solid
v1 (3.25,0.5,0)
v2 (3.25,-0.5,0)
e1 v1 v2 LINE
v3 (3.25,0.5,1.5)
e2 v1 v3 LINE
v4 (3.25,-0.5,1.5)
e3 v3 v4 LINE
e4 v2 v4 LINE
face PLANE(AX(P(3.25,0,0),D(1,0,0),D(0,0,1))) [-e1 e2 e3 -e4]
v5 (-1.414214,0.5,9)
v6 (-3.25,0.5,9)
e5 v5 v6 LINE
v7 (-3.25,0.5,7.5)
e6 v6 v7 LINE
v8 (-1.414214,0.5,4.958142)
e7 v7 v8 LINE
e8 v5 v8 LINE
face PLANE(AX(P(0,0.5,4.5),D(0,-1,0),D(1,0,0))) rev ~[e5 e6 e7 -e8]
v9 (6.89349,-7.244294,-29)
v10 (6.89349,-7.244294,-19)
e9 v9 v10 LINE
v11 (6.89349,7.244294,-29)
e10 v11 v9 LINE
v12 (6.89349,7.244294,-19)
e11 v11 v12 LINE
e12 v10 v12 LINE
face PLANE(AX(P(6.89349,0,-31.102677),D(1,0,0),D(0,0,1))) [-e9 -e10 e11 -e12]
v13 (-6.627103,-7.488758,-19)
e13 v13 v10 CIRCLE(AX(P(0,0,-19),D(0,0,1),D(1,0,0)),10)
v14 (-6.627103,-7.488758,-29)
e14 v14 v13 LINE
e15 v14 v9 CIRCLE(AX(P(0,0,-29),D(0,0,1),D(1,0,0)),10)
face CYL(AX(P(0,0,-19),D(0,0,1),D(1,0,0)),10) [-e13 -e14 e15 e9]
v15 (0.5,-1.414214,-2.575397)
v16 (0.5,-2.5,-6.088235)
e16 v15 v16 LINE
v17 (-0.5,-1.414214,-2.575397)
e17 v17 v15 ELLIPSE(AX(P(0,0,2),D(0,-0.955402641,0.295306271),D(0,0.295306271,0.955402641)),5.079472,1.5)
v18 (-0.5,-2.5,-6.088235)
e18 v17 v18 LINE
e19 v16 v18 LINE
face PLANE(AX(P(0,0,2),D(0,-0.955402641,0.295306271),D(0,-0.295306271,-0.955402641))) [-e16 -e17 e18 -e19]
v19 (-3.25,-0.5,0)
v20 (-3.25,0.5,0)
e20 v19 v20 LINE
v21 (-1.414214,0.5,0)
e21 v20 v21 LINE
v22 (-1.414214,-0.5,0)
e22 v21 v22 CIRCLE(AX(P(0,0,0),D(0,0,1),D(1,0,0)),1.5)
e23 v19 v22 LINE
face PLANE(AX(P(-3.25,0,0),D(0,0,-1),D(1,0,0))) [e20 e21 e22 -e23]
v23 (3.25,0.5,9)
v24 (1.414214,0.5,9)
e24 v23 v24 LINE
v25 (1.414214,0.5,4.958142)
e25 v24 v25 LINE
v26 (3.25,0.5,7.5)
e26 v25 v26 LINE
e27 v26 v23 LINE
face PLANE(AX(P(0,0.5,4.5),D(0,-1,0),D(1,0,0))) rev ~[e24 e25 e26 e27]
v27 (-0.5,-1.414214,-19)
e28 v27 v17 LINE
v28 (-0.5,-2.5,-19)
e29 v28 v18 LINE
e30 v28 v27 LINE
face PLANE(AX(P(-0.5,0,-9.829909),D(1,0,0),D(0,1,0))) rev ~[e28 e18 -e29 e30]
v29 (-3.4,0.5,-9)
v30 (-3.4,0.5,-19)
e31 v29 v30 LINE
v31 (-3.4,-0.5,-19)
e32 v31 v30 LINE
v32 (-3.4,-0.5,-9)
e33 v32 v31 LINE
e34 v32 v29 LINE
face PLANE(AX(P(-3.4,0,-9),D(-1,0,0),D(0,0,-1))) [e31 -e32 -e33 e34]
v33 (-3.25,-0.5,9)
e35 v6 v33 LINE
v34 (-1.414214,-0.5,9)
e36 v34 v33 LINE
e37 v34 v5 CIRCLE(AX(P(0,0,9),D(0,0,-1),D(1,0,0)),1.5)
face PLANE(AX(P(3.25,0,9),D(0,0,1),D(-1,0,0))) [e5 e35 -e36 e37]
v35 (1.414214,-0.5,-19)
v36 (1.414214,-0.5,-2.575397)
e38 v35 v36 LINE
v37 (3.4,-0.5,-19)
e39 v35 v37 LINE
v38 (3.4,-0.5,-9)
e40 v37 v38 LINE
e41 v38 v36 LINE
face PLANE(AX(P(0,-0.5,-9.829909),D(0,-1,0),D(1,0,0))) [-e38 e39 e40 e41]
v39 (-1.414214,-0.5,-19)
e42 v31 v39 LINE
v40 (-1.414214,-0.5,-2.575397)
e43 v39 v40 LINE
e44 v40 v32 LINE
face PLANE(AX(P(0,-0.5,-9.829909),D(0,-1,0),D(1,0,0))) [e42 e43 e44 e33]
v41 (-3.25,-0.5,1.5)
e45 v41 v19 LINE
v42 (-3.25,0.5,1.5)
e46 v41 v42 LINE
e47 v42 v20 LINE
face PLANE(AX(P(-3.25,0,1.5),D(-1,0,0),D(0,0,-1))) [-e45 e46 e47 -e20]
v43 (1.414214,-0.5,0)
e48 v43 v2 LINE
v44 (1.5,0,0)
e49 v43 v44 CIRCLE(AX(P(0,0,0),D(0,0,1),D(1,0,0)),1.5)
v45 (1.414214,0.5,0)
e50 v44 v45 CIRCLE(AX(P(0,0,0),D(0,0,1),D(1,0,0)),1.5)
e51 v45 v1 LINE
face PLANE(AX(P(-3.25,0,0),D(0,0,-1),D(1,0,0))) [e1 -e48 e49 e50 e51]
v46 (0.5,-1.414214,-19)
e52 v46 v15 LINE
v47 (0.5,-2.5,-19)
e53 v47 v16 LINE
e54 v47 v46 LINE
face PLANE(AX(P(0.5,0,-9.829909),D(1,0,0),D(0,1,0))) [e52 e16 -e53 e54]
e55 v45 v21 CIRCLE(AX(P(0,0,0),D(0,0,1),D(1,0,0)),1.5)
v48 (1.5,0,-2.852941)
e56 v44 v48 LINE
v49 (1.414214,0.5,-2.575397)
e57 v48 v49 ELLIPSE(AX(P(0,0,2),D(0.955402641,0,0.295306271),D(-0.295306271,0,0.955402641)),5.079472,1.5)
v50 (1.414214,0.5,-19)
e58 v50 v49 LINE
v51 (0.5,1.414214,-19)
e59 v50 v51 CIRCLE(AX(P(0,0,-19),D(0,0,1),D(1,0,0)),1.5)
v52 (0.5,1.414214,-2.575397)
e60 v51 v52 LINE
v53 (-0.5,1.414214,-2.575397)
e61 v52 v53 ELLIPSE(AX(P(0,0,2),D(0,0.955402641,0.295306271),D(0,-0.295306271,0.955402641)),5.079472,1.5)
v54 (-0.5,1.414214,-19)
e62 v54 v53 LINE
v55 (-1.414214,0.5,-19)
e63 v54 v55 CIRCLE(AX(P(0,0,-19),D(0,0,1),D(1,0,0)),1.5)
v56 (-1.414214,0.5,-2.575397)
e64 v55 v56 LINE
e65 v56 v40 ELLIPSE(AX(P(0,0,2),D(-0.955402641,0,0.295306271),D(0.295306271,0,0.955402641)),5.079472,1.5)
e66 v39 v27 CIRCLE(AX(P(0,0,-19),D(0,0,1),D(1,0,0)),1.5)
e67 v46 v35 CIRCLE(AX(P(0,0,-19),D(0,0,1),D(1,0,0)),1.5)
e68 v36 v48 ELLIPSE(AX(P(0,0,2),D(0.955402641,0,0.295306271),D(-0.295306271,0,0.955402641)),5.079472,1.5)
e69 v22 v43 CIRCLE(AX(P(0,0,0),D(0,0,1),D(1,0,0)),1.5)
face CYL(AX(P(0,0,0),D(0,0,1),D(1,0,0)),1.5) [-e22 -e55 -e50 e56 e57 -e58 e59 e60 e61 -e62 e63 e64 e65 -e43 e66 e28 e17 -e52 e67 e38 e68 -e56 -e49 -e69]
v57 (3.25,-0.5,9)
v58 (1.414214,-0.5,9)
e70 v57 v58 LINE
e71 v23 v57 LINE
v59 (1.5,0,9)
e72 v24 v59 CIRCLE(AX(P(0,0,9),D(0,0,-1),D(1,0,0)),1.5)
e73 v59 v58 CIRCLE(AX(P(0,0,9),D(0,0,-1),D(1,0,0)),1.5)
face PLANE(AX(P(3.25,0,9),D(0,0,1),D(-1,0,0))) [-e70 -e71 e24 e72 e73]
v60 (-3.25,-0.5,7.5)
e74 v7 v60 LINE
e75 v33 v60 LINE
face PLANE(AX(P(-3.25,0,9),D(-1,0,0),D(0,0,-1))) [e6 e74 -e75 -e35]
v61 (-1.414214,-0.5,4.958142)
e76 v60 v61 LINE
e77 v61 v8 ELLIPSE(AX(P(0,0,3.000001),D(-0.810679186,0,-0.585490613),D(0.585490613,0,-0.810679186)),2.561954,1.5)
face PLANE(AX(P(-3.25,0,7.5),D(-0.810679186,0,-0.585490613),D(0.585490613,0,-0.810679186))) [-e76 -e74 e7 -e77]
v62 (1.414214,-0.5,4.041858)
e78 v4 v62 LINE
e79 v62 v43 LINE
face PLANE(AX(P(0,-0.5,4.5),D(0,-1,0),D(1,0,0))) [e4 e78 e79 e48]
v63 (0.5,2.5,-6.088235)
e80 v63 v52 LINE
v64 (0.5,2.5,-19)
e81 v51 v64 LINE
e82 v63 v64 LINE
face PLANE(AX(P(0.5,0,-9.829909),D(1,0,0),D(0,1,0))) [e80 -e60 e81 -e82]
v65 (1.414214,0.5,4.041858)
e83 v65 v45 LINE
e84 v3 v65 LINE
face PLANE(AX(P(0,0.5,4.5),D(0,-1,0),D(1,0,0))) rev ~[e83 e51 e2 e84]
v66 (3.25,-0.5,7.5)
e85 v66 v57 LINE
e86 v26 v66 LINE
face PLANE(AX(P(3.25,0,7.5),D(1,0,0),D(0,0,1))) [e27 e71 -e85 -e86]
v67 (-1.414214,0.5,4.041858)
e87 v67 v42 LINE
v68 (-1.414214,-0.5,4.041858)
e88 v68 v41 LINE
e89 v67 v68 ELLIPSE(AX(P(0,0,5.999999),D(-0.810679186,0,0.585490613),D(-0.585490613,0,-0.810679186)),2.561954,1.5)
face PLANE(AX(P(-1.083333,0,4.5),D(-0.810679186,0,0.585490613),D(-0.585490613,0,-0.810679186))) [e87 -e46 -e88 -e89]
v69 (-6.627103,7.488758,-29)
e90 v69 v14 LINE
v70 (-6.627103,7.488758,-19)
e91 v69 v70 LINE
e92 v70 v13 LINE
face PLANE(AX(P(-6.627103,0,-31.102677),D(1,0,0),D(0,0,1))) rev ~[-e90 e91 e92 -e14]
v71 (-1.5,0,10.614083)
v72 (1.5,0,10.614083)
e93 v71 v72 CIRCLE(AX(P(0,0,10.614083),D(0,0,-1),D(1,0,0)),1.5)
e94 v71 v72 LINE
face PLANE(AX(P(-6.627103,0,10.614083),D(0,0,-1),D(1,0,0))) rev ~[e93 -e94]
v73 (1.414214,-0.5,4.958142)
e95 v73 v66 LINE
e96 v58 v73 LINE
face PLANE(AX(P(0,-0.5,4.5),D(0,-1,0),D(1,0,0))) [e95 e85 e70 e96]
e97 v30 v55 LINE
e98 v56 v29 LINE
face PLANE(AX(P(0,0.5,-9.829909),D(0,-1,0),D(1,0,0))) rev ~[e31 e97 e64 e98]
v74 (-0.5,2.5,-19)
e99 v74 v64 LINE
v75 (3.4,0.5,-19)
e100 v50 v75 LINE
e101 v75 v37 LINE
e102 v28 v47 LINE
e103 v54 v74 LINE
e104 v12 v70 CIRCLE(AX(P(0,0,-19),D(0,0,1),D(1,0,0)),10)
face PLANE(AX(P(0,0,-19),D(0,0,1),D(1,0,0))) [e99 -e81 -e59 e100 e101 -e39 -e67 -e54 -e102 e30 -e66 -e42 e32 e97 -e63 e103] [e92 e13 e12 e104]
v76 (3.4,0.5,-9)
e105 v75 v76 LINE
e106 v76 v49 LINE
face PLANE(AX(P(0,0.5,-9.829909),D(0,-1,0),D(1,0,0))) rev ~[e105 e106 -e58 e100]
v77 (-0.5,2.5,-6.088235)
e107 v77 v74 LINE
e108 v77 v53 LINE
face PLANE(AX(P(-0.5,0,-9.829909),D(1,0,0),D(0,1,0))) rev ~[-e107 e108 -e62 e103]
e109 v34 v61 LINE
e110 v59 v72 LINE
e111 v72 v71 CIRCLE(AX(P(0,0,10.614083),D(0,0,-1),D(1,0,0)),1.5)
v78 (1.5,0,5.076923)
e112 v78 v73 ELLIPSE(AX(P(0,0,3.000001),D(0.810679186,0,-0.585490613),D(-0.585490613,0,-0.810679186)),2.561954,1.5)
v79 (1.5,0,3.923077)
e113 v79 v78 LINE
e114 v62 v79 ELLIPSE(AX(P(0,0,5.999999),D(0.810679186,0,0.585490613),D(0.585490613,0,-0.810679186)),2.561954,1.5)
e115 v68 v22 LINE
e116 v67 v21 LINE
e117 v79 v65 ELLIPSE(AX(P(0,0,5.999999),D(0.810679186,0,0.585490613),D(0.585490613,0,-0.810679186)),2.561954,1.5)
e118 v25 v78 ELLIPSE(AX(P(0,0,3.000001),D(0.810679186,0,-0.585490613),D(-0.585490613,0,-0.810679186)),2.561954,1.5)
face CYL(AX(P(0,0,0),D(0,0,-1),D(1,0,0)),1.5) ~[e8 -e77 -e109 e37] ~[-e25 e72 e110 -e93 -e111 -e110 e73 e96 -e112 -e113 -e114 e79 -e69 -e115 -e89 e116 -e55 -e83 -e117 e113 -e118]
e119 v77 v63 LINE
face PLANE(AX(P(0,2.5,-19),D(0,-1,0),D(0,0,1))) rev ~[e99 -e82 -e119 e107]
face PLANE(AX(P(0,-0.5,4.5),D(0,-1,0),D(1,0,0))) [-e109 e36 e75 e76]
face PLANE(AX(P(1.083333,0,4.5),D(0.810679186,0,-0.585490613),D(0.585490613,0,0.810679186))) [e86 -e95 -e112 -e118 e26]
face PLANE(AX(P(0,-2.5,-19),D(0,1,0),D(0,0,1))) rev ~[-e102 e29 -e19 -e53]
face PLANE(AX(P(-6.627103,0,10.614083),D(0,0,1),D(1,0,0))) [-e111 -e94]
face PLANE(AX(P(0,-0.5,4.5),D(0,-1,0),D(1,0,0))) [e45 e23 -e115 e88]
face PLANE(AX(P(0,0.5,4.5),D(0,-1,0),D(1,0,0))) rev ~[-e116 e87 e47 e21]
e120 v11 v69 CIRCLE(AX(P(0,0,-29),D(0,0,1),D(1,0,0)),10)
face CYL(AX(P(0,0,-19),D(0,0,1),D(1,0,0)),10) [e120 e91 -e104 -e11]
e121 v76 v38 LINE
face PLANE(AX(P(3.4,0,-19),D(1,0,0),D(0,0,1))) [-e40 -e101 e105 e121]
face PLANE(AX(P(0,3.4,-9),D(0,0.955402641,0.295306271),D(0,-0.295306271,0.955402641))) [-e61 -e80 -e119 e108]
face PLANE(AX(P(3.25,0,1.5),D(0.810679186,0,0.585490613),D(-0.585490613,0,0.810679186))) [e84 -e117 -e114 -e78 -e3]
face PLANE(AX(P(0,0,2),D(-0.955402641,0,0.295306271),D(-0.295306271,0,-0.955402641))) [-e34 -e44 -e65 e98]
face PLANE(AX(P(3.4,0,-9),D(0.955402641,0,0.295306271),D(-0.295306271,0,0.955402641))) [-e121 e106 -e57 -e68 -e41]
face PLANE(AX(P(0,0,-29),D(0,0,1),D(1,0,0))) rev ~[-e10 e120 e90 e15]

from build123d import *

# Parameters (mm, degrees)
SKETCH_R             = 1.5
PAD_DEPTH            = 35
PAD001_DEPTH         = 0.5
SKETCH002_R          = 1.5
PAD002_DEPTH         = 19
PAD003_DEPTH         = 0.5
POLARPATTERN_COUNT   = 2
POLARPATTERN_ANGLE   = 90
SKETCH004_R          = 10
PAD004_DEPTH         = 10
SKETCH006_W          = 5.388718
SKETCH006_H          = 19
SKETCH006_W_2        = 5.907516
POCKET_DEPTH         = 5
SKETCH005_W          = 53.248554
SKETCH005_H          = 72.779518
SKETCH005_W_2        = 13.520593
SKETCH005_H_2        = 41.716759
POCKET001_DEPTH      = 10.001
POCKET001_DEPTH_BACK = -10.001


with BuildPart() as part:
    # Sketch → Pad (new body)
    with BuildSketch(Plane.XY):
        Circle(SKETCH_R)
    extrude(amount=PAD_DEPTH)

    # Sketch001 → Pad001 (join, symmetric)
    with BuildSketch(Plane.XZ):
        Polygon((-3.25, 0), (3.25, 0), (3.25, 1.5), (1.083333, 4.5), (3.25, 7.5), (3.25, 9), (-3.25, 9), (-3.25, 7.5), (-1.083333, 4.5), (-3.25, 1.5), align=None)
    extrude(amount=PAD001_DEPTH, both=True)

    # Sketch002 → Pad002 (join)
    with BuildSketch(Plane.XY):
        Circle(SKETCH002_R)
    extrude(amount=-PAD002_DEPTH)

    # Sketch003 → Pad003 (join, symmetric)
    with BuildSketch(Plane.XZ):
        Polygon((-3.4, -19), (3.4, -19), (3.4, -9), (0, 2), (-3.4, -9), align=None)
    pad003 = extrude(amount=PAD003_DEPTH, both=True)

    # PolarPattern: Pad003 ×2 about axis
    polarpattern_axis = Axis((0, 0, 0), (0, 0, 1))
    for i in range(1, POLARPATTERN_COUNT):
        add(pad003.rotate(polarpattern_axis, i * POLARPATTERN_ANGLE / (POLARPATTERN_COUNT - 1)))

    # Sketch004 → Pad004 (join)
    with BuildSketch(Plane.XY.offset(-19)):
        Circle(SKETCH004_R)
    extrude(amount=-PAD004_DEPTH)

    # Sketch006 → Pocket (cut, symmetric)
    with BuildSketch(Plane.YZ):
        with Locations((5.194359, -9.5)):
            Rectangle(SKETCH006_W, SKETCH006_H)
        with Locations((-5.453758, -9.5)):
            Rectangle(SKETCH006_W_2, SKETCH006_H)
    extrude(amount=POCKET_DEPTH, both=True, mode=Mode.SUBTRACT)

    # Sketch005 → Pocket001 (cut, two sides)
    with BuildSketch(Plane.XZ) as pocket001_sk:
        with Locations((-0.717024, -0.672455)):
            Rectangle(SKETCH005_W, SKETCH005_H)
        with Locations((0.133193, -10.244297)):
            Rectangle(SKETCH005_W_2, SKETCH005_H_2, mode=Mode.SUBTRACT)
    extrude(amount=-POCKET001_DEPTH, mode=Mode.SUBTRACT)
    extrude(pocket001_sk.sketch, amount=-POCKET001_DEPTH_BACK, mode=Mode.SUBTRACT)


solid = part.part
